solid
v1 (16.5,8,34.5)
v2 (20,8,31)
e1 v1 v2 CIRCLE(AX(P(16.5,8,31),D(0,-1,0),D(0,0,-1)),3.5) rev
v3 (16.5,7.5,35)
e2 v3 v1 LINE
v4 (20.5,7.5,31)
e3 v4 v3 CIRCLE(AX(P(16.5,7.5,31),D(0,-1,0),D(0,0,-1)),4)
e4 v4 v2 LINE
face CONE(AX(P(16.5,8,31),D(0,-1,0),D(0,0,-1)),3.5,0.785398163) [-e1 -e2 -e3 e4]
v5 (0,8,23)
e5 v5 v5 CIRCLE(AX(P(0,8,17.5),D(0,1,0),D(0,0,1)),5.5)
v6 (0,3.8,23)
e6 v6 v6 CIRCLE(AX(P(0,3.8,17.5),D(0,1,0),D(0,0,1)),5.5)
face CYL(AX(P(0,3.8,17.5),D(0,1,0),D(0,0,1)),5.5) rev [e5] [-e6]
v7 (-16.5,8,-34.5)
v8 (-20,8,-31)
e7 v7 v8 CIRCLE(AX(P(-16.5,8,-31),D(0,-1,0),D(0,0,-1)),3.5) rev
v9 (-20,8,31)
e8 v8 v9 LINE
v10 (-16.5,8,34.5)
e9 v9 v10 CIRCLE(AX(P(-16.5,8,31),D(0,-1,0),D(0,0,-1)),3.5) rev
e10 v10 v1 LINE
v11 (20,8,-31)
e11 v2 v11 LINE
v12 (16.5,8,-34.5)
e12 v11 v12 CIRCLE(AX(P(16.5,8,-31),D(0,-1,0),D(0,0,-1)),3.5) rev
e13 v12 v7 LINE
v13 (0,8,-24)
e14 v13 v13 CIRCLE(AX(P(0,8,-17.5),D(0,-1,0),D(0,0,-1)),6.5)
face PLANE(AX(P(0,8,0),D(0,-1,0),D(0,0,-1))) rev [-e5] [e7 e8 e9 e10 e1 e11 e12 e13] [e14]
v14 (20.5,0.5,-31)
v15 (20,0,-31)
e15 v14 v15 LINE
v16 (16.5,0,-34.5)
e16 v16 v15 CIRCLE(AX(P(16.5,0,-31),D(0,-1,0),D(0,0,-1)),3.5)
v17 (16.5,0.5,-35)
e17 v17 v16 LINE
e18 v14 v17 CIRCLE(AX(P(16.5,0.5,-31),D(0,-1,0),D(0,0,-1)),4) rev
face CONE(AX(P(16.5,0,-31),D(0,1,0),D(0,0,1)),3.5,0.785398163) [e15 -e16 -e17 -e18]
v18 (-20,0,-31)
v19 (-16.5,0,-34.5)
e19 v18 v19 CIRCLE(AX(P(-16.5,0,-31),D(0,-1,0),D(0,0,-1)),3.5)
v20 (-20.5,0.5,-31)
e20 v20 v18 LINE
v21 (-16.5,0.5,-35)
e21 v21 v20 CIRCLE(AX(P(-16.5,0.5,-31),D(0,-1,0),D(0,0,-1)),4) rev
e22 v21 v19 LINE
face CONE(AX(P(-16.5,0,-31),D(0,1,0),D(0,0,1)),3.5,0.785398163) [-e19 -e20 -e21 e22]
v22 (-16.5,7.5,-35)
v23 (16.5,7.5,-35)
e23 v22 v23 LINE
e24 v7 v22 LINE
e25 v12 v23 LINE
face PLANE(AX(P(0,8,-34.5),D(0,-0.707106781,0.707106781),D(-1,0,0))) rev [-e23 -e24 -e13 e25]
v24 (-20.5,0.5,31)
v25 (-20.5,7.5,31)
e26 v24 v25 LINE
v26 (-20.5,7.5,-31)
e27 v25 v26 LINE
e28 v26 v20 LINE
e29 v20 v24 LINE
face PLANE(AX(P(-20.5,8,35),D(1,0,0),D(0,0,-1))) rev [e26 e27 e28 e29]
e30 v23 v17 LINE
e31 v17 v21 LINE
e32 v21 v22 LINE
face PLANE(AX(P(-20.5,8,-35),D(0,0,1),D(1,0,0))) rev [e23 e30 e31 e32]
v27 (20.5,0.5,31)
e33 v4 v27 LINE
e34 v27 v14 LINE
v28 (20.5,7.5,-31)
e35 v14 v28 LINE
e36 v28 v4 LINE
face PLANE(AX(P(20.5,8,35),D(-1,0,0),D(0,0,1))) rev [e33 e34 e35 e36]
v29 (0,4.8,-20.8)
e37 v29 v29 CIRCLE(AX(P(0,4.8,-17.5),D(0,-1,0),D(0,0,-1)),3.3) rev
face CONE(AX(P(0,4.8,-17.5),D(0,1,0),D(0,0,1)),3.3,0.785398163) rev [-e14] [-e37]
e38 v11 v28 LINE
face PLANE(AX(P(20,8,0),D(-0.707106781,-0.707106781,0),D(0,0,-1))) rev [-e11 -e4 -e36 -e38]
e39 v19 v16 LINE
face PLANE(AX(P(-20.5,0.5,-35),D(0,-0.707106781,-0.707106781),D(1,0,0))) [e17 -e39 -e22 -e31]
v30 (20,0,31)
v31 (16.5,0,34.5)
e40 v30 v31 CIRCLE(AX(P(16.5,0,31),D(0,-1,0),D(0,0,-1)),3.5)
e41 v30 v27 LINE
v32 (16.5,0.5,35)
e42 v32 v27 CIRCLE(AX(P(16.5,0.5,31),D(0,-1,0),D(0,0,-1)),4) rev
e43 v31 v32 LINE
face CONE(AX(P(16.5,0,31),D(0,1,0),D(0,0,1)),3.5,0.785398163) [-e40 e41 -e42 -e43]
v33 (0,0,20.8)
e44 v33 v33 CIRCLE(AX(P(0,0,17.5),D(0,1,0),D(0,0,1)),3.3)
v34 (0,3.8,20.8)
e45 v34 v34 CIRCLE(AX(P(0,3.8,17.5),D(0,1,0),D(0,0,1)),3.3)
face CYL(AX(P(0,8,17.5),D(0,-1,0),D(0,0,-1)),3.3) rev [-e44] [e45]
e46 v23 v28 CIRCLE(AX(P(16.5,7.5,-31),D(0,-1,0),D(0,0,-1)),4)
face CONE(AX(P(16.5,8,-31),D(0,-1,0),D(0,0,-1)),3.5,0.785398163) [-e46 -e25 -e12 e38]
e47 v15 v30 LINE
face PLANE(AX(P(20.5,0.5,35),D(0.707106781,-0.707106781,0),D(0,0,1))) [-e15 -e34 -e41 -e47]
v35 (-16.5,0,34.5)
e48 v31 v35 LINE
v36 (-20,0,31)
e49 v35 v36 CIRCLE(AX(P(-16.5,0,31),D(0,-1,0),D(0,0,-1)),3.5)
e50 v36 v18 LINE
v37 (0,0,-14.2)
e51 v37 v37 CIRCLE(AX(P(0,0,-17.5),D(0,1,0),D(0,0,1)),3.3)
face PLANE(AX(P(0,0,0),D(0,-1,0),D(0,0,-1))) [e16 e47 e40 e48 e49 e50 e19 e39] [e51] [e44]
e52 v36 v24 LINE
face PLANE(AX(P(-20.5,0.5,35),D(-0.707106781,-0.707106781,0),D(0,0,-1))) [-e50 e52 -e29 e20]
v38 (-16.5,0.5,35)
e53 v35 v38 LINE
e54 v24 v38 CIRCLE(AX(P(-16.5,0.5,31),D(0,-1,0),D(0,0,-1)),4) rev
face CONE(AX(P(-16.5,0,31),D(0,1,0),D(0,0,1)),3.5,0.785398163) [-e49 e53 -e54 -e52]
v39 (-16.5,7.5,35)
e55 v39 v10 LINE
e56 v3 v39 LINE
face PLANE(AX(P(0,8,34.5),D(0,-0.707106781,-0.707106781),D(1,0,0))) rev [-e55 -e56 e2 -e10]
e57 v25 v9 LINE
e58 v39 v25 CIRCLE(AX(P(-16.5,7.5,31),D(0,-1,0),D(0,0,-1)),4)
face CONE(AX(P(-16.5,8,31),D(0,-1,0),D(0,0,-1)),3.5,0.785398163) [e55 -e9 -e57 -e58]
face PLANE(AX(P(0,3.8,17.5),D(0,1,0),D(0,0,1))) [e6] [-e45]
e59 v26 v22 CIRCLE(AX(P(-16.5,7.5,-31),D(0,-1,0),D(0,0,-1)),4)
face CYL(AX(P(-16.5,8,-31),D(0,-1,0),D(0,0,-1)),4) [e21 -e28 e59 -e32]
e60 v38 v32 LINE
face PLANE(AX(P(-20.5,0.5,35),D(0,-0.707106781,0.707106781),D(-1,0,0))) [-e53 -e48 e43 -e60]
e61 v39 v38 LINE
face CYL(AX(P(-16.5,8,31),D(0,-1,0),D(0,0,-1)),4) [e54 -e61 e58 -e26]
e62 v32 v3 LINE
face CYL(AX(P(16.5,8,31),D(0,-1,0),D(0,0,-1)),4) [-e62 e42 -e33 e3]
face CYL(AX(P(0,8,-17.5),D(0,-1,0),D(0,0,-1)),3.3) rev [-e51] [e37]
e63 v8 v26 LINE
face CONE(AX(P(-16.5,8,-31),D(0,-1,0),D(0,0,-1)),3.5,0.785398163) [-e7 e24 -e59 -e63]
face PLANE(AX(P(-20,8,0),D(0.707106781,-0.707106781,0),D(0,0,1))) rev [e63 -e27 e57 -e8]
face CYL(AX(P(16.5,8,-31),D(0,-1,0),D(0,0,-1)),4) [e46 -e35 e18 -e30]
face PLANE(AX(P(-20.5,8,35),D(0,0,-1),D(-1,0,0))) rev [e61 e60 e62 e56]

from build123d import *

# Parameters (mm, degrees)
SKETCH1_W           = 41
SKETCH1_H           = 70
SKETCH1_R           = 3.3
BOSS_EXTRUDE1_DEPTH = 8
SKETCH2_R           = 5.5
CUT_EXTRUDE1_DEPTH  = 4.2
CHAMFER2_SIZE       = 3.2
FILLET1_R           = 4
CHAMFER4_SIZE       = 0.5


with BuildPart() as part:
    # Sketch1 → Boss-Extrude1 (new body)
    with BuildSketch(Plane(origin=(0, 0, 0), x_dir=(1, 0, 0), z_dir=(0, 1, 0))):
        Rectangle(SKETCH1_W, SKETCH1_H)
        with Locations((0, 17.5)):
            Circle(SKETCH1_R, mode=Mode.SUBTRACT)
        with Locations((0, -17.5)):
            Circle(SKETCH1_R, mode=Mode.SUBTRACT)
    extrude(amount=BOSS_EXTRUDE1_DEPTH)

    # Sketch2 → Cut-Extrude1 (cut)
    with BuildSketch(Plane(origin=(0, 8, 0), x_dir=(1, 0, 0), z_dir=(0, 1, 0))):
        with Locations((0, -17.5)):
            Circle(SKETCH2_R)
    extrude(amount=-CUT_EXTRUDE1_DEPTH, mode=Mode.SUBTRACT)

    # Chamfer2
    chamfer2_edges = [part.edges().sort_by_distance(p)[0] for p in [
        (-3.3, 8, -17.5),
    ]]
    chamfer(chamfer2_edges, length=CHAMFER2_SIZE)

    # Fillet1
    fillet1_edges = [part.edges().sort_by_distance(p)[0] for p in [
        (20.5, 4, 35),
        (-20.5, 4, 35),
        (-20.5, 4, -35),
        (20.5, 4, -35),
    ]]
    fillet(fillet1_edges, radius=FILLET1_R)

    # Chamfer4
    chamfer4_edges = [part.edges().sort_by_distance(p)[0] for p in [
        (0, 0, 35),
        (0, 8, 35),
        (20.5, 0, 0),
        (-20.5, 0, 0),
        (0, 0, -35),
        (-19.328427125, 0, -33.828427125),
        (19.328427125, 0, -33.828427125),
        (19.328427125, 0, 33.828427125),
        (-19.328427125, 0, 33.828427125),
        (-20.5, 8, 0),
        (20.5, 8, 0),
        (0, 8, -35),
        (-19.328427125, 8, -33.828427125),
        (19.328427125, 8, -33.828427125),
        (19.328427125, 8, 33.828427125),
        (-19.328427125, 8, 33.828427125),
    ]]
    chamfer(chamfer4_edges, length=CHAMFER4_SIZE)


solid = part.part
